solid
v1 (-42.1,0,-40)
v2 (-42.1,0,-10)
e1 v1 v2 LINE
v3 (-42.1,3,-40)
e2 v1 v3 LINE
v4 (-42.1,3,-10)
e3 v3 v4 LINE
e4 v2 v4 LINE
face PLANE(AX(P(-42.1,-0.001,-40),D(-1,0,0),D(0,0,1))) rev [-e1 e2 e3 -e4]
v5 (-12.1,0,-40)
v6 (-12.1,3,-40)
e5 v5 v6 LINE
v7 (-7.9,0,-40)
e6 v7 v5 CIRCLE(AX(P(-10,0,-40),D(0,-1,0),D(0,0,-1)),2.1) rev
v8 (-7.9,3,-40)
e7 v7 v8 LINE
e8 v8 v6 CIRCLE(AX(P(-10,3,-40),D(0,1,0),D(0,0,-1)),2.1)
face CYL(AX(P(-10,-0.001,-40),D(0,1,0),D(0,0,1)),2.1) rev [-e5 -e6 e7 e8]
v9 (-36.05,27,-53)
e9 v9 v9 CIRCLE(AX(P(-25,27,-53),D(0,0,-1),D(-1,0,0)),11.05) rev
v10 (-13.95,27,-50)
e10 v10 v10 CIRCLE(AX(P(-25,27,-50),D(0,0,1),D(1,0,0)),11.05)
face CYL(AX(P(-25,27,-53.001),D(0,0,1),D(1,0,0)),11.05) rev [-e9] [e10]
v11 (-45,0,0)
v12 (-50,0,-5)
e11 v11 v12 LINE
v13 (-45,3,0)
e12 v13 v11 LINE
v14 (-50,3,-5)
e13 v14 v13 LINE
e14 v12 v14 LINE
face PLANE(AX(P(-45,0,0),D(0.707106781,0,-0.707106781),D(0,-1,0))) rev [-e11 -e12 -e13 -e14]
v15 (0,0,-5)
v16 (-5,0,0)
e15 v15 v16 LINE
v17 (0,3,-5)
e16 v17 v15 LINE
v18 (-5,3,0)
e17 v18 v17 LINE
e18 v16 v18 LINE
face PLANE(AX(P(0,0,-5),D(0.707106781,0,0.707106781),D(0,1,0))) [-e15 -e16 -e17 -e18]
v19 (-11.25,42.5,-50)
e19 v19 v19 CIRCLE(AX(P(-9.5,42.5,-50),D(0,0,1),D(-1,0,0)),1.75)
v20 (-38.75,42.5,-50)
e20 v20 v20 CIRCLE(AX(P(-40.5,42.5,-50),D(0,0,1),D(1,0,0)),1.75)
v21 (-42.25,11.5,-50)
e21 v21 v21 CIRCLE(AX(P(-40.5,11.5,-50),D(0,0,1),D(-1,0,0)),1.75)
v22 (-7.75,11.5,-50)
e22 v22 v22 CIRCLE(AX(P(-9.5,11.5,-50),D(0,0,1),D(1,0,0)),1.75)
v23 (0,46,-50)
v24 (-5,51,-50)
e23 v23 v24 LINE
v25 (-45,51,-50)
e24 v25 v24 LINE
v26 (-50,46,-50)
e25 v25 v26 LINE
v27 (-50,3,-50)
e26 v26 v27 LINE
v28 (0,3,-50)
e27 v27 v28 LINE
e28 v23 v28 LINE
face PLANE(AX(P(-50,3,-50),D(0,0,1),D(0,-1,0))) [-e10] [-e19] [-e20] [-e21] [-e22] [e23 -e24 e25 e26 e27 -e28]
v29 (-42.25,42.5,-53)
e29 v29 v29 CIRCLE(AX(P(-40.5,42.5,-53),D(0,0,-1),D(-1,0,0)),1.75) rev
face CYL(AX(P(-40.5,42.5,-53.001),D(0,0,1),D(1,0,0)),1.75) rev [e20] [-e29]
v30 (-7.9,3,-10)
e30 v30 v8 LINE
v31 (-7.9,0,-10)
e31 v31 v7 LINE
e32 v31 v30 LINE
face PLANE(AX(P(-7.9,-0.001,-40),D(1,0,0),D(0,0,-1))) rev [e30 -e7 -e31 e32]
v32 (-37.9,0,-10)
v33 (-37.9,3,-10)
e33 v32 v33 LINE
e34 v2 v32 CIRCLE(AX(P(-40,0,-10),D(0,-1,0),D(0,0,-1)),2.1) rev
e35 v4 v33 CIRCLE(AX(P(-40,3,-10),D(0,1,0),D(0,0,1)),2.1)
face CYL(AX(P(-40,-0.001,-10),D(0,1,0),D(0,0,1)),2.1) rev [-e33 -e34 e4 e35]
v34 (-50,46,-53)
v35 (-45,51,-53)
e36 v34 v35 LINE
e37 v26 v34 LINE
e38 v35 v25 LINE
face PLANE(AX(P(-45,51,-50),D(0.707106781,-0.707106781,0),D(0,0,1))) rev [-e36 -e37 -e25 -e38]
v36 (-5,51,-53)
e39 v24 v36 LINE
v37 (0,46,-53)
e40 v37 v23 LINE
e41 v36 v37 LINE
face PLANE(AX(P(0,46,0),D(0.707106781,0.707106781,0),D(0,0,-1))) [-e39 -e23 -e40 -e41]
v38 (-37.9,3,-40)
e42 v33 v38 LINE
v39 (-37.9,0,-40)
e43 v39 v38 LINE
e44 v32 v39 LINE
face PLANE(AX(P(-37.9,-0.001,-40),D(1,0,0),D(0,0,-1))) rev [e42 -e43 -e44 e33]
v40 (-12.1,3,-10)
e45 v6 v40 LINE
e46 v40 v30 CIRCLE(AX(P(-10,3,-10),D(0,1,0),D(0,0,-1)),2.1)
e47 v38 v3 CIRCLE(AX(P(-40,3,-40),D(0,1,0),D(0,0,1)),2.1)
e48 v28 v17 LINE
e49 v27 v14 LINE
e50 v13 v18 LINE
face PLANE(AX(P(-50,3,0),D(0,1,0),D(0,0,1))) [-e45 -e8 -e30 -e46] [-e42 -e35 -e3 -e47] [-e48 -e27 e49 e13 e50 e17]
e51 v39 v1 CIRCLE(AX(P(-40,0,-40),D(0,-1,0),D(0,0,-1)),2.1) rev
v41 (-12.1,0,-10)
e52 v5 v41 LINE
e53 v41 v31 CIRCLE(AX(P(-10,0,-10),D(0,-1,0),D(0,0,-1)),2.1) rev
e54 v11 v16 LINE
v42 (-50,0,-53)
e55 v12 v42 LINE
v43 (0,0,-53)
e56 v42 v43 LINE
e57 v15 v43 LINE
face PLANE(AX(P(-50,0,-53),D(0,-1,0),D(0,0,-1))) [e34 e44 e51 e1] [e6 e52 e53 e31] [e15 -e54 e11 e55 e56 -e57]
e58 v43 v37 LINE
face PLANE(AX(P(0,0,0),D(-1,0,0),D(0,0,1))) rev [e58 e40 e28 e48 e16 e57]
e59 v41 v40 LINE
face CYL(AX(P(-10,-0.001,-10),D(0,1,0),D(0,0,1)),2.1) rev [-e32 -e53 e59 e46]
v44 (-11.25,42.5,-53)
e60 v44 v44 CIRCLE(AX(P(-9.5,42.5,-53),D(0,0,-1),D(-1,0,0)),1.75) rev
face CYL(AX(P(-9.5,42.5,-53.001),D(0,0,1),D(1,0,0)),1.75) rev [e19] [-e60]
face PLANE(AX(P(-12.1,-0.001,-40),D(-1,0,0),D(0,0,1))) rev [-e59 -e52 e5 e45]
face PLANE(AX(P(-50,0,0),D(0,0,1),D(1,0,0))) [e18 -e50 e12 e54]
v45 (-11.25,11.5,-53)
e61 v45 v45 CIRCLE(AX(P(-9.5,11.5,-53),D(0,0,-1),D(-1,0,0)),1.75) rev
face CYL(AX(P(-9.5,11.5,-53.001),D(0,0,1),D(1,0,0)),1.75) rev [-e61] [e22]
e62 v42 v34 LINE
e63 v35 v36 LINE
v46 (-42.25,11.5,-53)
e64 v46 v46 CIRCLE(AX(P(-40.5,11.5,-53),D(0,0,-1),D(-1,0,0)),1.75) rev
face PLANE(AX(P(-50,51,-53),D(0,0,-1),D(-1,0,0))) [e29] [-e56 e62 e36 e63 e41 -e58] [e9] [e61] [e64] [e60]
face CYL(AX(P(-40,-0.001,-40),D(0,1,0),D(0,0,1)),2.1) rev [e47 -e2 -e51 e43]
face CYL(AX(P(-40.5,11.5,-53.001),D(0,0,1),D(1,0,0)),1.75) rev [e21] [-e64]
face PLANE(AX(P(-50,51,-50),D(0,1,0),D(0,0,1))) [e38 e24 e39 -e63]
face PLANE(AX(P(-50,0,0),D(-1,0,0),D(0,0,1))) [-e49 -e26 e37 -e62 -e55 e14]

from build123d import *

# Parameters (mm, degrees)
BOSS_EXTRUDE1_DEPTH = 50
CUT_EXTRUDE1_REACH  = 5
SKETCH2_R           = 11.05
SKETCH2_R_2         = 1.75
CUT_EXTRUDE2_REACH  = 5
CHAMFER1_SIZE       = 5


with BuildPart() as part:
    # Sketch1 → Boss-Extrude1 (new body)
    with BuildSketch(Plane(origin=(0, 0, 0), x_dir=(0, 0, -1), z_dir=(1, 0, 0))):
        Polygon((0, 0), (0, 3), (50, 3), (50, 51), (53, 51), (53, 0), align=None)
    extrude(amount=-BOSS_EXTRUDE1_DEPTH)

    # Sketch2 → Cut-Extrude1 (cut, up to next)
    with BuildSketch(Plane.XY.offset(-50), mode=Mode.PRIVATE) as cut_extrude1_sk1:
        with Locations((-25, 27)):
            Circle(SKETCH2_R)
    cut_extrude1_tool1 = extrude(cut_extrude1_sk1.sketch, amount=-CUT_EXTRUDE1_REACH, mode=Mode.PRIVATE) & part.part
    add(cut_extrude1_tool1.solids().sort_by_distance((-25, 27, -50))[0], mode=Mode.SUBTRACT)
    # Sketch2 → Cut-Extrude1 (cut, up to next)
    with BuildSketch(Plane.XY.offset(-50), mode=Mode.PRIVATE) as cut_extrude1_sk2:
        with Locations((-40.5, 42.5)):
            Circle(SKETCH2_R_2)
    cut_extrude1_tool2 = extrude(cut_extrude1_sk2.sketch, amount=-CUT_EXTRUDE1_REACH, mode=Mode.PRIVATE) & part.part
    add(cut_extrude1_tool2.solids().sort_by_distance((-40.5, 42.5, -50))[0], mode=Mode.SUBTRACT)
    # Sketch2 → Cut-Extrude1 (cut, up to next)
    with BuildSketch(Plane.XY.offset(-50), mode=Mode.PRIVATE) as cut_extrude1_sk3:
        with Locations((-9.5, 42.5)):
            Circle(SKETCH2_R_2)
    cut_extrude1_tool3 = extrude(cut_extrude1_sk3.sketch, amount=-CUT_EXTRUDE1_REACH, mode=Mode.PRIVATE) & part.part
    add(cut_extrude1_tool3.solids().sort_by_distance((-9.5, 42.5, -50))[0], mode=Mode.SUBTRACT)
    # Sketch2 → Cut-Extrude1 (cut, up to next)
    with BuildSketch(Plane.XY.offset(-50), mode=Mode.PRIVATE) as cut_extrude1_sk4:
        with Locations((-9.5, 11.5)):
            Circle(SKETCH2_R_2)
    cut_extrude1_tool4 = extrude(cut_extrude1_sk4.sketch, amount=-CUT_EXTRUDE1_REACH, mode=Mode.PRIVATE) & part.part
    add(cut_extrude1_tool4.solids().sort_by_distance((-9.5, 11.5, -50))[0], mode=Mode.SUBTRACT)
    # Sketch2 → Cut-Extrude1 (cut, up to next)
    with BuildSketch(Plane.XY.offset(-50), mode=Mode.PRIVATE) as cut_extrude1_sk5:
        with Locations((-40.5, 11.5)):
            Circle(SKETCH2_R_2)
    cut_extrude1_tool5 = extrude(cut_extrude1_sk5.sketch, amount=-CUT_EXTRUDE1_REACH, mode=Mode.PRIVATE) & part.part
    add(cut_extrude1_tool5.solids().sort_by_distance((-40.5, 11.5, -50))[0], mode=Mode.SUBTRACT)

    # Sketch3 → Cut-Extrude2 (cut, up to next)
    with BuildSketch(Plane(origin=(0, 3, 0), x_dir=(1, 0, 0), z_dir=(0, 1, 0)), mode=Mode.PRIVATE) as cut_extrude2_sk1:
        with BuildLine():
            Line((-37.9, 40), (-37.9, 10))
            ThreePointArc((-37.9, 10), (-40, 7.9), (-42.1, 10))
            Line((-42.1, 10), (-42.1, 40))
            ThreePointArc((-42.1, 40), (-40, 42.1), (-37.9, 40))
        make_face()
    cut_extrude2_tool1 = extrude(cut_extrude2_sk1.sketch, amount=-CUT_EXTRUDE2_REACH, mode=Mode.PRIVATE) & part.part
    add(cut_extrude2_tool1.solids().sort_by_distance((-40, 3, -25))[0], mode=Mode.SUBTRACT)
    # Sketch3 → Cut-Extrude2 (cut, up to next)
    with BuildSketch(Plane(origin=(0, 3, 0), x_dir=(1, 0, 0), z_dir=(0, 1, 0)), mode=Mode.PRIVATE) as cut_extrude2_sk2:
        with BuildLine():
            Line((-12.1, 40), (-12.1, 10))
            ThreePointArc((-12.1, 10), (-10, 7.9), (-7.9, 10))
            Line((-7.9, 10), (-7.9, 40))
            ThreePointArc((-7.9, 40), (-10, 42.1), (-12.1, 40))
        make_face()
    cut_extrude2_tool2 = extrude(cut_extrude2_sk2.sketch, amount=-CUT_EXTRUDE2_REACH, mode=Mode.PRIVATE) & part.part
    add(cut_extrude2_tool2.solids().sort_by_distance((-10, 3, -25))[0], mode=Mode.SUBTRACT)

    # Chamfer1
    chamfer1_edges = [part.edges().sort_by_distance(p)[0] for p in [
        (-50, 51, -51.5),
        (-50, 1.5, 0),
        (0, 1.5, 0),
        (0, 51, -51.5),
    ]]
    chamfer(chamfer1_edges, length=CHAMFER1_SIZE)


solid = part.part
